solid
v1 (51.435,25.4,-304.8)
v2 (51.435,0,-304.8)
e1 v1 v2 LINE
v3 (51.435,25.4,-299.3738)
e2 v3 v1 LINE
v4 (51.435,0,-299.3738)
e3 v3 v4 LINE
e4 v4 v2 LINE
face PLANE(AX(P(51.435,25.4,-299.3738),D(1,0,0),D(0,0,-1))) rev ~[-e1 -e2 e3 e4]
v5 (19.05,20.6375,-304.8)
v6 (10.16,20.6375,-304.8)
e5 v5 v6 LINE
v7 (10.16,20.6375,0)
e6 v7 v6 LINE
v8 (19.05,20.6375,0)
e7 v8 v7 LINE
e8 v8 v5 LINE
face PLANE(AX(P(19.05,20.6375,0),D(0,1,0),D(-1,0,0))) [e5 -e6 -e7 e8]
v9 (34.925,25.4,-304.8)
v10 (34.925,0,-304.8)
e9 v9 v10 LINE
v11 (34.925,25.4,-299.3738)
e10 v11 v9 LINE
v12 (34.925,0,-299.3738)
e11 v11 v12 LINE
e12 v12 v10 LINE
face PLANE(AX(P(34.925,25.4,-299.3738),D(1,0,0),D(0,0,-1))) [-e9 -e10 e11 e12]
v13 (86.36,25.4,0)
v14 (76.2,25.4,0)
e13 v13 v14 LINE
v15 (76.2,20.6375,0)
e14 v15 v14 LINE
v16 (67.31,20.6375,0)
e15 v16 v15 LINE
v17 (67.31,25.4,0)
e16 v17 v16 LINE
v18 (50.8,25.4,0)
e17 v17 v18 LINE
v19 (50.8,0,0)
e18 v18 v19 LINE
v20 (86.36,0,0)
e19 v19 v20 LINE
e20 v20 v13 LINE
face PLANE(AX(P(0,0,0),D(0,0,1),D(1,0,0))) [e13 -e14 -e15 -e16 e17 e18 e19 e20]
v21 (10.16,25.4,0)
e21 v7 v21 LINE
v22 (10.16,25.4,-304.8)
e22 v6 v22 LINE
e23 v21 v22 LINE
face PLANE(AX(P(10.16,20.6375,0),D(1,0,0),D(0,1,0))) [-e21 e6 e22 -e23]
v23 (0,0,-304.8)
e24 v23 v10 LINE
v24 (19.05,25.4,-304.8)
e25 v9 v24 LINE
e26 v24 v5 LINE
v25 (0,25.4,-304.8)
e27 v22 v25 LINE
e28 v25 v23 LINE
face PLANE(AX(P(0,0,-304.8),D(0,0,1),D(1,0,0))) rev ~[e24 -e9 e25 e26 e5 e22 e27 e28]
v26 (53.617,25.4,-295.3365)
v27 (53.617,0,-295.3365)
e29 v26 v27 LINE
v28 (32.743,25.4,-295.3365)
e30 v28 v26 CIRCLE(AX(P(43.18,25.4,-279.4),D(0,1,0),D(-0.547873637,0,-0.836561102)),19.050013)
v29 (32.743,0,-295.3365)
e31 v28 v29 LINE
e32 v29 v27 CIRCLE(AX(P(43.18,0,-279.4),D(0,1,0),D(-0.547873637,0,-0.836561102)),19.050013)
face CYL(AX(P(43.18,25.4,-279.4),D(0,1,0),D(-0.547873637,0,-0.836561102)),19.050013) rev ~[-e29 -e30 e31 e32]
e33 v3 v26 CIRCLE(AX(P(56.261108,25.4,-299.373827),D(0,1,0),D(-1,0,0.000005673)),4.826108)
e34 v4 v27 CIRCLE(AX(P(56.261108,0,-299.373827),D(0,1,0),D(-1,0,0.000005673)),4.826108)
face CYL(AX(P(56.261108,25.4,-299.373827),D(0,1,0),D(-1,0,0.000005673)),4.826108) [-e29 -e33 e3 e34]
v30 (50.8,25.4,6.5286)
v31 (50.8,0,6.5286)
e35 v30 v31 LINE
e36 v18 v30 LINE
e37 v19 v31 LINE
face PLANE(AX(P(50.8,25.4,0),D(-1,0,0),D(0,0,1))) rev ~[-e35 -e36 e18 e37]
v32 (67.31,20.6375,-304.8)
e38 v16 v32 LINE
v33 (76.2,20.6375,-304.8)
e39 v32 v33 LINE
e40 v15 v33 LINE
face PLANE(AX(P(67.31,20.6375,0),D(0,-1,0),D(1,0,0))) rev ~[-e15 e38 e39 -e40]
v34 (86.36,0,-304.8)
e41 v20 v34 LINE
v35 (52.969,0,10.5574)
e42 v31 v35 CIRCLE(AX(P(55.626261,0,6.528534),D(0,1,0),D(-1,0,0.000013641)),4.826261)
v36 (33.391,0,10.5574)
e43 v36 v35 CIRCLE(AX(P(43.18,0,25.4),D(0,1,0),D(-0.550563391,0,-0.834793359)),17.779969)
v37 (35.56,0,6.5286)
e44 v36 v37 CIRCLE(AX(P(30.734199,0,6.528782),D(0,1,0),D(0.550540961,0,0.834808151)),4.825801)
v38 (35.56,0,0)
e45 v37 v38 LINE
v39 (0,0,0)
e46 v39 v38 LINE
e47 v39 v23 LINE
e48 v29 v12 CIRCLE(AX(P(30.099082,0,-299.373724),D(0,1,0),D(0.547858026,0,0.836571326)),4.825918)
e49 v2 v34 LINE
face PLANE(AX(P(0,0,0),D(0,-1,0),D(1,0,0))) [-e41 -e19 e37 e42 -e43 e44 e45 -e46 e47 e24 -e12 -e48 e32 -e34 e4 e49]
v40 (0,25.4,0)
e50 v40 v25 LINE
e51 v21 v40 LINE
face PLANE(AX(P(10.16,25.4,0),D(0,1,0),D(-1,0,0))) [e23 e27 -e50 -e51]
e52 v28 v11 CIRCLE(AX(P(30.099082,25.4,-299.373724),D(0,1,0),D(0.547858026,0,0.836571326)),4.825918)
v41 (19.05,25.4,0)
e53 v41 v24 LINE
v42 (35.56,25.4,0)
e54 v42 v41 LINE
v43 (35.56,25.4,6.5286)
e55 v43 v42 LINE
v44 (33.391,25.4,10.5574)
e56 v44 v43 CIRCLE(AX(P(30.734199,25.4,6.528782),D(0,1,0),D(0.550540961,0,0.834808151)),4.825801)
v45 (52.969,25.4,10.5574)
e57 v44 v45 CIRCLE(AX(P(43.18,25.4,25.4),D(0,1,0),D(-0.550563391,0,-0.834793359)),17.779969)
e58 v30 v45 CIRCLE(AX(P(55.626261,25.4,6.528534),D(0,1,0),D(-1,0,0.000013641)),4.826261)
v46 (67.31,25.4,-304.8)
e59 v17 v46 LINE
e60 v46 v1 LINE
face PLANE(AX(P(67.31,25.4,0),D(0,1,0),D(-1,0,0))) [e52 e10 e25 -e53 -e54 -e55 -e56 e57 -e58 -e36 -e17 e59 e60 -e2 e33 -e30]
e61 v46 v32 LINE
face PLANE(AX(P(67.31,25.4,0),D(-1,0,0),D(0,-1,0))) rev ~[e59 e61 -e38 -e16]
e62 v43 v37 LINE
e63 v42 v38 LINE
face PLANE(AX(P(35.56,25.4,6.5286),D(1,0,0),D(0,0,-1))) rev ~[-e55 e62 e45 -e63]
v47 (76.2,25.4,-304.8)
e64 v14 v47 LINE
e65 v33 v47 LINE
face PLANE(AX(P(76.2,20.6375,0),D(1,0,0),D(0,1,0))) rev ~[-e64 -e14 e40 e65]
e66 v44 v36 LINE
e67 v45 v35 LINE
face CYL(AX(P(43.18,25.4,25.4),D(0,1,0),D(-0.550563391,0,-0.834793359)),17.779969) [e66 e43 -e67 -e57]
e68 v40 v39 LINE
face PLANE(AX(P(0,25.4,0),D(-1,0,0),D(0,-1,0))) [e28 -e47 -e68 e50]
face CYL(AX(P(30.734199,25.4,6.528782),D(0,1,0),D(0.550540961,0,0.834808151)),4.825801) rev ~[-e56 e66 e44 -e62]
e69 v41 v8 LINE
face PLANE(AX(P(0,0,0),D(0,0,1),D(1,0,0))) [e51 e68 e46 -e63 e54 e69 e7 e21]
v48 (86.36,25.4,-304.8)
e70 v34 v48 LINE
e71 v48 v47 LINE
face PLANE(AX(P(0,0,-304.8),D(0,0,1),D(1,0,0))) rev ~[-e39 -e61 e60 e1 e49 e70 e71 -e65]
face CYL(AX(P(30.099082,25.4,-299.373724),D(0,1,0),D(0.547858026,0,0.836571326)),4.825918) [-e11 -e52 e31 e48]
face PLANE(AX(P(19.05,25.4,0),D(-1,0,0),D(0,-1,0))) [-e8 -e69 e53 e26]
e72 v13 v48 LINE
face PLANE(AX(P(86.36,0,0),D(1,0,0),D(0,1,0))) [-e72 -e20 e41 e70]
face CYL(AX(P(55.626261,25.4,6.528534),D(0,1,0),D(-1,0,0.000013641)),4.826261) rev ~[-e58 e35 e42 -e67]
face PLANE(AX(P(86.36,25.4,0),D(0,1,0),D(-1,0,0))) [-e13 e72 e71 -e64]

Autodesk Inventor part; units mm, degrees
ref_plane "YZ Plane" through (0, 0, 0) normal (1, 0, 0) x (0, 1, 0)
ref_plane "XZ Plane" through (0, 0, 0) normal (0, 1, 0) x (-1, 0, 0)
ref_plane "XY Plane" through (0, 0, 0) normal (0, 0, 1) x (1, 0, 0)
sketch "Track sketch" plane through (0, 0, 0) normal (0, 0, 1) x (1, 0, 0)
  line L0 (0, 0) -> (86.36, 0)
  line L1 (86.36, 0) -> (86.36, 25.4)
  line L2 (0, 25.4) -> (0, 0)
  line L3 (19.05, 25.4) -> (19.05, 20.6375)
  line L4 (19.05, 20.6375) -> (10.16, 20.6375)
  line L5 (10.16, 20.6375) -> (10.16, 25.4)
  line L6 (43.18, 25.4) -> (43.18, 0) construction
  line L7 (67.31, 25.4) -> (67.31, 20.6375)
  line L8 (67.31, 20.6375) -> (76.2, 20.6375)
  line L9 (76.2, 20.6375) -> (76.2, 25.4)
  line L10 (10.16, 25.4) -> (0, 25.4)
  line L11 (86.36, 25.4) -> (76.2, 25.4)
  line L12 (67.31, 25.4) -> (19.05, 25.4)
  dimension "d0" = 86.36
  dimension "d1" = 25.4
  dimension "d2" = 19.05
  dimension "d3" = 10.16
  dimension "d6" = 4.7625
extrude "Track extrusion" add sketch "Track sketch" against normal blind 304.8
sketch "Interlock sketch" plane through (19.05, 25.4, 0) normal (0, 1, 0) x (1, 0, 0)
  line L0 (0, 304.8) -> (48.26, 304.8) projected
  line L1 (48.26, 0) -> (0, 0) projected
  line L2 (67.31, 304.8) -> (-19.05, 304.8) construction
  line L3 (24.13, 304.8) -> (24.13, 0) construction
  arc A0 (13.693, 295.3365) -> (34.567, 295.3365) centre (24.13, 279.4) ccw
  line L4 (24.13, 0) -> (24.13, -37.5624) construction
  arc A1 (14.341, -10.5574) -> (33.919, -10.5574) centre (24.13, -25.4) ccw
  line L5 (32.385, 296.5685) -> (32.385, 296.5685)
  line L6 (15.875, 296.5685) -> (15.875, 296.5685)
  line L7 (32.385, 299.3738) -> (32.385, 304.8)
  line L8 (15.875, 299.3738) -> (15.875, 304.8)
  line L9 (15.875, 296.5685) -> (32.385, 296.5685) construction
  line L10 (16.51, 0) -> (31.75, 0)
  line L11 (31.75, 0) -> (31.75, -6.5286)
  line L12 (31.75, -9.3356) -> (16.51, -9.3356) construction
  line L13 (16.51, -6.5286) -> (16.51, 0)
  arc A2 (14.341, -10.5574) -> (16.51, -6.5286) centre (11.684, -6.5286) ccw
  arc A3 (31.75, -6.5286) -> (33.919, -10.5574) centre (36.576, -6.5286) ccw
  arc A4 (13.693, 295.3365) -> (15.875, 299.3738) centre (11.049, 299.3738) ccw
  arc A5 (32.385, 299.3738) -> (34.567, 295.3365) centre (37.211, 299.3738) ccw
  line L14 (15.875, 304.8) -> (32.385, 304.8)
  point P0 (-19.05, 0)
  dimension "d9" = 38.1
  dimension "d10" = 279.4
  dimension "d11" = 35.56
  dimension "d12" = 25.4
  dimension "d14" = 16.51
  dimension "d15" = 8.2315
  dimension "d16" = 15.24
  dimension "d17" = 4.826
  dimension "d18" = 4.826
extrude "Male Interlock Extrution" add sketch "Interlock sketch" against normal blind 25.4 contours L11 A3 A1 A2 L13 L1
extrude "Female Interlock Extrusion" cut sketch "Interlock sketch" against normal blind 25.4 contours L0 L7 A5 A0 A4 L8
properties part number "Caufield_Straight_Track"
